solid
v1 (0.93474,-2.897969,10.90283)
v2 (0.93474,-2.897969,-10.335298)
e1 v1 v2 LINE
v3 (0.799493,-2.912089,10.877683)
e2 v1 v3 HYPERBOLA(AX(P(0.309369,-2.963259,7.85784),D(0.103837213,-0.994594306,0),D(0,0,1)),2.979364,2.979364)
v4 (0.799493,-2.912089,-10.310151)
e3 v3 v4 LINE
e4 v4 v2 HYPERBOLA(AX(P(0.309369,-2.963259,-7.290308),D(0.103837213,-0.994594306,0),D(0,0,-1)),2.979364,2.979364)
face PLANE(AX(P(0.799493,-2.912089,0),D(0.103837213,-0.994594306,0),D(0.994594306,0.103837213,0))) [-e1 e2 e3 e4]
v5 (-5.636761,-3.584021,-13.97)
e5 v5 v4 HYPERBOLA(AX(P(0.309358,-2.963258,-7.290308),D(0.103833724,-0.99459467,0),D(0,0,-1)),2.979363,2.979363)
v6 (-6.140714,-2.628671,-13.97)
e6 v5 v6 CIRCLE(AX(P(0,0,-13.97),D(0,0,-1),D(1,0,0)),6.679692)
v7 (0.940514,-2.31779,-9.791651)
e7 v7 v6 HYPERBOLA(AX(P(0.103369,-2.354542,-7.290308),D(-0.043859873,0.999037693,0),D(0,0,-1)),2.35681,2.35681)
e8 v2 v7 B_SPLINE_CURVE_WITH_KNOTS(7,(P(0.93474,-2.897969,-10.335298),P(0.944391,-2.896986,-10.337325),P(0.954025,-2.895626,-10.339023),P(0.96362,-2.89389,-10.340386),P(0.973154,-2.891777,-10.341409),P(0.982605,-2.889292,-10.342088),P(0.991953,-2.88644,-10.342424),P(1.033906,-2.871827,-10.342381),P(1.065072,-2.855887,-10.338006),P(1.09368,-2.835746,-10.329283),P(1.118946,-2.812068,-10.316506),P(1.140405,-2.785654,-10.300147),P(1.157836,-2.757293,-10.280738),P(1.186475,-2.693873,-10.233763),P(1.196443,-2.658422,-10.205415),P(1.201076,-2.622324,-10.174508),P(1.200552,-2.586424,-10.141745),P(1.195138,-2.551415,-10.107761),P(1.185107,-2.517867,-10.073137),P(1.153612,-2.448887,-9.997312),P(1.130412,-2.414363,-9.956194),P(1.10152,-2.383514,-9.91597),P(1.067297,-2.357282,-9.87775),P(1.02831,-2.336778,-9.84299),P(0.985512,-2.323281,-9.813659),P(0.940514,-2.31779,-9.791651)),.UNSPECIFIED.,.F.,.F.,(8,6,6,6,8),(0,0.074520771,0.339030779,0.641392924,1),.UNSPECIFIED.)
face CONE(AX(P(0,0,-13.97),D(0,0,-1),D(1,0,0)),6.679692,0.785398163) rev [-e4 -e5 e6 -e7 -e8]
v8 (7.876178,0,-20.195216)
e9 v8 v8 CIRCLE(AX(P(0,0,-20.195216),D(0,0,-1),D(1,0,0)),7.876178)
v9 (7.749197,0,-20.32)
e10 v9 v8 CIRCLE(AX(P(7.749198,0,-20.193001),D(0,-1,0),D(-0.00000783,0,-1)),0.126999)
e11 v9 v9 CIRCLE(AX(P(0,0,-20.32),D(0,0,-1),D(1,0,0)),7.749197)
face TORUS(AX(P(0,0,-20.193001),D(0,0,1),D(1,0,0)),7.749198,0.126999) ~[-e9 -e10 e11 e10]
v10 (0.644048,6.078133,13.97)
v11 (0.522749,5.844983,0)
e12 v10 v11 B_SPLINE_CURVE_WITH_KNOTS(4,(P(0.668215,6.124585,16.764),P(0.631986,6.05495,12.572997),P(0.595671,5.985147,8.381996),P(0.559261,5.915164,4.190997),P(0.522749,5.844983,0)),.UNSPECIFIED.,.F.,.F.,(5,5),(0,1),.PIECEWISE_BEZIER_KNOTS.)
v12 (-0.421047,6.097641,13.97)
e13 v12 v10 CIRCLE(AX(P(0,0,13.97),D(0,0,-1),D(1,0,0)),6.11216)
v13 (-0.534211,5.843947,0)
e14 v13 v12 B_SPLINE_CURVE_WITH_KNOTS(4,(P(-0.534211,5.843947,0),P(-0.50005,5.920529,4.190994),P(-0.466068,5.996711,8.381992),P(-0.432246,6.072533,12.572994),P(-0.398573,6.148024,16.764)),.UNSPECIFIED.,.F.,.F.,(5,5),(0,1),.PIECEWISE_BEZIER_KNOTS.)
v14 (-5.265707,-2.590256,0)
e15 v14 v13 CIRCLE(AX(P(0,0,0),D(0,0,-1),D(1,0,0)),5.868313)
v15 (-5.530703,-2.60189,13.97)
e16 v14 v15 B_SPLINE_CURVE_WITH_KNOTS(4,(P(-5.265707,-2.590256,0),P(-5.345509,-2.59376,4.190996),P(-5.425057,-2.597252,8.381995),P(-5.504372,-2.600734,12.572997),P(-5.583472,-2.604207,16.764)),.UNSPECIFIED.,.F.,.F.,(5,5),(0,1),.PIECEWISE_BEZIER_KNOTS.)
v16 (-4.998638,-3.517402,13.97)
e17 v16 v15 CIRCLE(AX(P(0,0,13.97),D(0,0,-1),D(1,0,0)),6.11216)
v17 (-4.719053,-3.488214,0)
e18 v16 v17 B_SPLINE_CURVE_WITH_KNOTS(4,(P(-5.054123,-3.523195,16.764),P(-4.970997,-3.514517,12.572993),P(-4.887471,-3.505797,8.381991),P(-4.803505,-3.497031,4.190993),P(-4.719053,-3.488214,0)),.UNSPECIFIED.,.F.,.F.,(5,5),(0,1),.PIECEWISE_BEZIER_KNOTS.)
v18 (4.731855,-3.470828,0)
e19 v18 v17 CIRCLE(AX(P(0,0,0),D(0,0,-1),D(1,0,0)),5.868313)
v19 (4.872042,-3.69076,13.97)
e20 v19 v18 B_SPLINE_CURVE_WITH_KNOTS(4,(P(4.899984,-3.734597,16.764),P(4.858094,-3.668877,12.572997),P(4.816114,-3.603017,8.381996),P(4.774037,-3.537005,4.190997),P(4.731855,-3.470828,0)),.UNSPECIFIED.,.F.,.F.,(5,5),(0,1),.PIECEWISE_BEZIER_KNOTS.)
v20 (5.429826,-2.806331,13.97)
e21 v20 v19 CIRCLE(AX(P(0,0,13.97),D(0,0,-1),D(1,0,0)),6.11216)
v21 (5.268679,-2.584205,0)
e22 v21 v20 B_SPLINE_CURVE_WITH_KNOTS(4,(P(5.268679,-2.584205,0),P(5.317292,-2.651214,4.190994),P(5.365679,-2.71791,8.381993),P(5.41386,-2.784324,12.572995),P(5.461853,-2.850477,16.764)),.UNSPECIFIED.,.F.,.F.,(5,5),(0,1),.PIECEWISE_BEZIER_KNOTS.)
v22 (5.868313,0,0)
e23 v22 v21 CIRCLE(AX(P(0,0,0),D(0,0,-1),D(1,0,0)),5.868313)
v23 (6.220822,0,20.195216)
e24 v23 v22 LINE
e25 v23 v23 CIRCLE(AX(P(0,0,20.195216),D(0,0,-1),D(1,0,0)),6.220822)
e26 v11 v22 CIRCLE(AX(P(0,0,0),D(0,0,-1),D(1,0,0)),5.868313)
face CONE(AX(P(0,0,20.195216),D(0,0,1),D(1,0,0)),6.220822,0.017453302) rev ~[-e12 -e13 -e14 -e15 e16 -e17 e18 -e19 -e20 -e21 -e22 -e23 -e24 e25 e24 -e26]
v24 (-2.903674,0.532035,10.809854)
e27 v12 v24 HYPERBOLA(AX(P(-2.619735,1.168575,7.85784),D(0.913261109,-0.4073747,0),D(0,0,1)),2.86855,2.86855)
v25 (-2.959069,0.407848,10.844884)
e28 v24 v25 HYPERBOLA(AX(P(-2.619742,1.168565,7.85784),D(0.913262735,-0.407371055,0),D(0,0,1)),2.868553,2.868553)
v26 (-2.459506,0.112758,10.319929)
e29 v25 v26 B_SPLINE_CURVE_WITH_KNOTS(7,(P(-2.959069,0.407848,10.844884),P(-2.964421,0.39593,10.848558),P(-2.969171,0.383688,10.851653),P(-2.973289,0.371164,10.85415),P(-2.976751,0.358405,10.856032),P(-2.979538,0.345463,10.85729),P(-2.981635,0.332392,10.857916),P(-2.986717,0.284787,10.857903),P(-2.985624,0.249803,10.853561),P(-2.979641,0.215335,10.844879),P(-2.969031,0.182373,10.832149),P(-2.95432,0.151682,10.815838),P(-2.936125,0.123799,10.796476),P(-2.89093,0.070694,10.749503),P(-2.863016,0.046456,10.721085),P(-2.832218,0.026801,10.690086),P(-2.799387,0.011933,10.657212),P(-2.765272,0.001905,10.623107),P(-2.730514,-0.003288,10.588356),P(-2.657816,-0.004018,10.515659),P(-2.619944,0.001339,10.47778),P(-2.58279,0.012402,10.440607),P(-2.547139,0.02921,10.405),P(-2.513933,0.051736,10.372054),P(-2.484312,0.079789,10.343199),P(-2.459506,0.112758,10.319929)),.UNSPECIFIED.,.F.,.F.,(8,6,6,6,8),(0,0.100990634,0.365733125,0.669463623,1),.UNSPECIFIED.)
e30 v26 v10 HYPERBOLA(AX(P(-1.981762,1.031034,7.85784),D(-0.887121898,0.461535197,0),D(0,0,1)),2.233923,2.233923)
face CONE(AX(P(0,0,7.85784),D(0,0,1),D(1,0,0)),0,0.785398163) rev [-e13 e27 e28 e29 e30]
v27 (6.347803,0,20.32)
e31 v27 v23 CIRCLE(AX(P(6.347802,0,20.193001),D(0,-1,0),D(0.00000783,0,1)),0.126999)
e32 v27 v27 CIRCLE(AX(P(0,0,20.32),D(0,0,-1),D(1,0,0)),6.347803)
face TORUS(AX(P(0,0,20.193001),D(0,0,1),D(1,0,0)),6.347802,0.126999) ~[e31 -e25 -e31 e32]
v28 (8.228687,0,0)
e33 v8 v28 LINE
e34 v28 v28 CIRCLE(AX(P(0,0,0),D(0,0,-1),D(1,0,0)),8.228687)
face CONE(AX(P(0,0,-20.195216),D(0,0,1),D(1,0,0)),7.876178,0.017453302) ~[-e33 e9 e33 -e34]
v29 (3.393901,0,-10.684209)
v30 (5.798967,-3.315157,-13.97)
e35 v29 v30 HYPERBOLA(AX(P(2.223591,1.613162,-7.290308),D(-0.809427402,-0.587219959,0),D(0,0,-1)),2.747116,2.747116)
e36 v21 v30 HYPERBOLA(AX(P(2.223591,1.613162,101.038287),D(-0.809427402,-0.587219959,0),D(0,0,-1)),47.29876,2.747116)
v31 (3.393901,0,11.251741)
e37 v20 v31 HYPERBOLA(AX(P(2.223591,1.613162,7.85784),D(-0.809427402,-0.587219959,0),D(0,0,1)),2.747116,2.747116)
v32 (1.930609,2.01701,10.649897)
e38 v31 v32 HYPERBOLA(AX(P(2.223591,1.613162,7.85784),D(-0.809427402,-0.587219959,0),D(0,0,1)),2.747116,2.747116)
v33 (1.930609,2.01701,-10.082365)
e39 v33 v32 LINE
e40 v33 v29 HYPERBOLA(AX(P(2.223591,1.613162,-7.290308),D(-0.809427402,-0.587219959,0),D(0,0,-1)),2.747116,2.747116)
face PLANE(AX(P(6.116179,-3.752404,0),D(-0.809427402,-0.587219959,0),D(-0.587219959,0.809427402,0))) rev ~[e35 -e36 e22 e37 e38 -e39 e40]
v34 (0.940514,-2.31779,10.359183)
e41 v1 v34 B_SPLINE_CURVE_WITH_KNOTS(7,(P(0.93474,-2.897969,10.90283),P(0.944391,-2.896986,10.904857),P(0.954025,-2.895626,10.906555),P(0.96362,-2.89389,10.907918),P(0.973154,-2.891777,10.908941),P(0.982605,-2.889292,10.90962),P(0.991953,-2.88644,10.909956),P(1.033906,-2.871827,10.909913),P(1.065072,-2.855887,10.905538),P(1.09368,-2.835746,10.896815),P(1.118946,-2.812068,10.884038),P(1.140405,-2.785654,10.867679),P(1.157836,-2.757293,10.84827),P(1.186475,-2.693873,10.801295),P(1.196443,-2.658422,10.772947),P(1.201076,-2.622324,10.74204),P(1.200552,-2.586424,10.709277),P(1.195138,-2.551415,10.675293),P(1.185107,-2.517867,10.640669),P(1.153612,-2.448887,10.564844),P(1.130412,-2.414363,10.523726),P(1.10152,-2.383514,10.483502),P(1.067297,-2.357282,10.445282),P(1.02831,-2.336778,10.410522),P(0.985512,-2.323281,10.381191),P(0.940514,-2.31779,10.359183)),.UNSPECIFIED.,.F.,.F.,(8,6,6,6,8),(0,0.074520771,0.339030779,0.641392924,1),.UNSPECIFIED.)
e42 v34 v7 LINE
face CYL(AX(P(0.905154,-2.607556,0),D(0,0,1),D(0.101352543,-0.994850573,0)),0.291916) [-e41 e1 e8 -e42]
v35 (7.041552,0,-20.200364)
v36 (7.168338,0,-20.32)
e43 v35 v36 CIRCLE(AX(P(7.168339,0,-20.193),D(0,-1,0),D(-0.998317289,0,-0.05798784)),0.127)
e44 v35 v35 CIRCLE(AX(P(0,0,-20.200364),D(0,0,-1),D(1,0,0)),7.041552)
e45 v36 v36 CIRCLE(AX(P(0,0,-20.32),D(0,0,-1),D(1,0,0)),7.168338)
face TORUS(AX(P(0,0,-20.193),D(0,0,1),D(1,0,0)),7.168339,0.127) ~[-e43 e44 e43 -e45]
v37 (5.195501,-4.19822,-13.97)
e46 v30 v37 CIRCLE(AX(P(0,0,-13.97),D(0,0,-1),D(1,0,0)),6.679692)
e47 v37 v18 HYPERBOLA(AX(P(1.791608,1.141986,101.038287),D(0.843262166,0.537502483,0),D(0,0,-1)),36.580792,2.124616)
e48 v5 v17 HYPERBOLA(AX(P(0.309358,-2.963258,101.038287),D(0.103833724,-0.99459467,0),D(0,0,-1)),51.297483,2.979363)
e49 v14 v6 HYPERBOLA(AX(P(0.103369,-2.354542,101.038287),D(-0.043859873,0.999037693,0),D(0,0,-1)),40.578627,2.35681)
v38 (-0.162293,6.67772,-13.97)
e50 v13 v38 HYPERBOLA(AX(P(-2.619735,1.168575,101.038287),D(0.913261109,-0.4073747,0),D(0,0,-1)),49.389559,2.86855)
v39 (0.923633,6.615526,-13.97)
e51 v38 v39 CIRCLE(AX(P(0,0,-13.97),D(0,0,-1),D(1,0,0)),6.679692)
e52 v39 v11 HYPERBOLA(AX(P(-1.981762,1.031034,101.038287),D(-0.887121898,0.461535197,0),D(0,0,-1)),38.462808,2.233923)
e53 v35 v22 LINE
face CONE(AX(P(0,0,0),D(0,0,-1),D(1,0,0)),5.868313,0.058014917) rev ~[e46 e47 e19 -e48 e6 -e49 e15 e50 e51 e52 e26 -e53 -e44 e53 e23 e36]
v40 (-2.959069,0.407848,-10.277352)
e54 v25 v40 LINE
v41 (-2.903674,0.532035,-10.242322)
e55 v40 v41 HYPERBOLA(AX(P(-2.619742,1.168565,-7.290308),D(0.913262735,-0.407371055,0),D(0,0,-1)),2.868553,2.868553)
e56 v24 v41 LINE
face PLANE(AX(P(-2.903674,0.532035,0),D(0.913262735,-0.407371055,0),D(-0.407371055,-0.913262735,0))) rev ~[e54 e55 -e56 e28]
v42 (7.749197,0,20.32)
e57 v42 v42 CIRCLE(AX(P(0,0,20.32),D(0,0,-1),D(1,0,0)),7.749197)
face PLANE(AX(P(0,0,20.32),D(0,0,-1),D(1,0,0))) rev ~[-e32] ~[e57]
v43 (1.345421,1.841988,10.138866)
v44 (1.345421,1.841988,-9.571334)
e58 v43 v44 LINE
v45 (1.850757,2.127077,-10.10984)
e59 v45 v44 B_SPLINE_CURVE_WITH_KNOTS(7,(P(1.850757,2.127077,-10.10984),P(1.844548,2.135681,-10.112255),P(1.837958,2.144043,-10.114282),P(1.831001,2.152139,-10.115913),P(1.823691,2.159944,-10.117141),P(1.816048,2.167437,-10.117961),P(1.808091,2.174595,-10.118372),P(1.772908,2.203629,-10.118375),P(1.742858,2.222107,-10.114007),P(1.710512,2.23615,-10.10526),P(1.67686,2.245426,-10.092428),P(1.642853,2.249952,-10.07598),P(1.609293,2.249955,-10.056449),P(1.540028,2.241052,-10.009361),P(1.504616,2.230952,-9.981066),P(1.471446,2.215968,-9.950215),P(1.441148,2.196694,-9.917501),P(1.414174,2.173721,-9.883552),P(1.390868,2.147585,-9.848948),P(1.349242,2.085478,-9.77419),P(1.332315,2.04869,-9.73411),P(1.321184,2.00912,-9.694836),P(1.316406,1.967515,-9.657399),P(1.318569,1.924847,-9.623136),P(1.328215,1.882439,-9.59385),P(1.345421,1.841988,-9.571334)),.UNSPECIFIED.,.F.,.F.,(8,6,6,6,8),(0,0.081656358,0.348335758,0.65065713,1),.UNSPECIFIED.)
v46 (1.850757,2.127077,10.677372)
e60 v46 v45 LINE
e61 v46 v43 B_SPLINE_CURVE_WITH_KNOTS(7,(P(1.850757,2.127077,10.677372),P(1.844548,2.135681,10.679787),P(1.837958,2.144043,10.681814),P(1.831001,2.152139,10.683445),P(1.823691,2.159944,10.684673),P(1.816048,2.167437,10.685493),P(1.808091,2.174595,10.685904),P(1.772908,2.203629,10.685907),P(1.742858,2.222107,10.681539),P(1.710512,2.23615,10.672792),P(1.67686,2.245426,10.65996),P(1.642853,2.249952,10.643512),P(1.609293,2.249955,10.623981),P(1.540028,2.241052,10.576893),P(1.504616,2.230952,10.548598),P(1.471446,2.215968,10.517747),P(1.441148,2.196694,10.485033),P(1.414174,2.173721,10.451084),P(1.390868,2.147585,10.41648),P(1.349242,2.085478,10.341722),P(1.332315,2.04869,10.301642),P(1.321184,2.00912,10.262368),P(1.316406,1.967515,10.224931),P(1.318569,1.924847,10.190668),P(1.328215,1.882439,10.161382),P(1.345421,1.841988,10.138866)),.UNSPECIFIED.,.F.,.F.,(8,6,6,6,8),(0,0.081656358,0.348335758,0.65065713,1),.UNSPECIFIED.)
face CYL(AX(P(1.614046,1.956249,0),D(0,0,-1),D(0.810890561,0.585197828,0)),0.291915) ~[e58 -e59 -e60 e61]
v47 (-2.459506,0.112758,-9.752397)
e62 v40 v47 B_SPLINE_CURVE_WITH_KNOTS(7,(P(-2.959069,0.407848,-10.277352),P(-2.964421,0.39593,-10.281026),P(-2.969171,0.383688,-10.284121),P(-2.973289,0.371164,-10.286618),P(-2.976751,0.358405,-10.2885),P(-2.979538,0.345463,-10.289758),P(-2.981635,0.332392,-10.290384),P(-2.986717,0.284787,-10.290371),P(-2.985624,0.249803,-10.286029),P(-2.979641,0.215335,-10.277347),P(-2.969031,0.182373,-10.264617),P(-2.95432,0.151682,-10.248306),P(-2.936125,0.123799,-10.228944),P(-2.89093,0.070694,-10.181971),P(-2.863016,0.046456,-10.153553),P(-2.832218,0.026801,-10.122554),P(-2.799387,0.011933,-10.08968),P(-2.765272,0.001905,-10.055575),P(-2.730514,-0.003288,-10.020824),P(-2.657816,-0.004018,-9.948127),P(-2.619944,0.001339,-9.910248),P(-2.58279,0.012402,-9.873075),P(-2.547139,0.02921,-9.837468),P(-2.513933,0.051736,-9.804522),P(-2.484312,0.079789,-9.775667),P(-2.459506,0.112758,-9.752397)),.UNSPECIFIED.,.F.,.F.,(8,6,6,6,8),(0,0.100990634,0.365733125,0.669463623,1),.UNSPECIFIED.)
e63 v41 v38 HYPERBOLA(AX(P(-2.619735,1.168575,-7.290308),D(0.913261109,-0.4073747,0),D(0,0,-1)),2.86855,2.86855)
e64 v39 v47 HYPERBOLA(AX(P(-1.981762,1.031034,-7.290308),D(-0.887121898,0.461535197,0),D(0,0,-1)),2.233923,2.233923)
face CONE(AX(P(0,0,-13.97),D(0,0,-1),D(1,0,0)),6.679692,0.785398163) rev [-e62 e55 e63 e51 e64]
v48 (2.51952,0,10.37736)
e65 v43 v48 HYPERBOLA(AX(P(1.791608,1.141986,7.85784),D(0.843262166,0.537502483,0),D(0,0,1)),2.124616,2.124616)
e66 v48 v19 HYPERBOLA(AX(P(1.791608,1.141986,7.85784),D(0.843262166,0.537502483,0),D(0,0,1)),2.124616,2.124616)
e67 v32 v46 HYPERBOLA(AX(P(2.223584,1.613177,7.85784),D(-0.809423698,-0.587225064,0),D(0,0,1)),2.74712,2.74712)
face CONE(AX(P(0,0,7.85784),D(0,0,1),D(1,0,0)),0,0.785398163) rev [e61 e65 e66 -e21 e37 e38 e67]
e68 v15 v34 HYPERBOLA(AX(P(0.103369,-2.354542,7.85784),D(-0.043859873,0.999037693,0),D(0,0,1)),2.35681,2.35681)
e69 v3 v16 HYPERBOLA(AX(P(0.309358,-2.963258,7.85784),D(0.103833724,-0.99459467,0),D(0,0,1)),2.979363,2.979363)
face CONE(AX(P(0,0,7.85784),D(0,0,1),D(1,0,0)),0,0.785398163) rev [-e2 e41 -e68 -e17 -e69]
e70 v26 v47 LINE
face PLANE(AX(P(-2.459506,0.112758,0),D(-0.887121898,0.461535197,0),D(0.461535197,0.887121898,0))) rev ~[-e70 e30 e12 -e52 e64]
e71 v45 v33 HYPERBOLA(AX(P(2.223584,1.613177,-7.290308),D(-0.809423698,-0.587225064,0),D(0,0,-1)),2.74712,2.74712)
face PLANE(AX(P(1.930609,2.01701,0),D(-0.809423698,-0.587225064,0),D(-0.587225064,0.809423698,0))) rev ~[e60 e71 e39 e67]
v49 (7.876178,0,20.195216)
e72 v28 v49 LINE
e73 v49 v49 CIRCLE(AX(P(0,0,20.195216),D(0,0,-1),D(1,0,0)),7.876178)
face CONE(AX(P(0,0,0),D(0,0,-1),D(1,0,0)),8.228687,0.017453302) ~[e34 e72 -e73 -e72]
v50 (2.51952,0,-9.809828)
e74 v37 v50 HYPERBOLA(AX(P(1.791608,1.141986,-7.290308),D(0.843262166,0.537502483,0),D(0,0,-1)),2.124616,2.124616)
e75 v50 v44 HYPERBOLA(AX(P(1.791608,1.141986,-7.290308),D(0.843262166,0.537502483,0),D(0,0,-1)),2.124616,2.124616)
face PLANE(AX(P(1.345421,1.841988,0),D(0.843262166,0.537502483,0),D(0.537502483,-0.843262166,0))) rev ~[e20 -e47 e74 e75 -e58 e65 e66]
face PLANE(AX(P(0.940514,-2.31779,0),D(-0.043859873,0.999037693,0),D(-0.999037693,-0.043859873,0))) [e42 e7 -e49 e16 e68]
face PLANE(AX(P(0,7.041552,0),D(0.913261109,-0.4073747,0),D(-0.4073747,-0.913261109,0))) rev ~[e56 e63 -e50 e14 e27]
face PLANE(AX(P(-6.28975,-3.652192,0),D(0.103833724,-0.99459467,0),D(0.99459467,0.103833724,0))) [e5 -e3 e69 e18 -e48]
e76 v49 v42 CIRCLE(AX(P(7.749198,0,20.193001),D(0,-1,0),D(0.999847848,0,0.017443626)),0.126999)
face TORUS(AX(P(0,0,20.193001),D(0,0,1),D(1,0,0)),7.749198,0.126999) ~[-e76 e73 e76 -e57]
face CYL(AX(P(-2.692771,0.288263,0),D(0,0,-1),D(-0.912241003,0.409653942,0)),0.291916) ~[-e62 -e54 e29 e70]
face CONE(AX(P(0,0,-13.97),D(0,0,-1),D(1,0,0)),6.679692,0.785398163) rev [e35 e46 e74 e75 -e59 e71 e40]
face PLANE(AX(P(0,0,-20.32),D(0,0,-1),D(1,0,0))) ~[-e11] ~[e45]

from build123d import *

# Parameters (mm, degrees)
F3_DEPTH = 13.97


with BuildPart() as f1:
    # F0 (on Front) → F1 (revolve)
    with BuildSketch(Plane.XZ):
        with BuildLine():
            Line((7.876178, -20.195216), (8.228687, 0))
            Line((8.228687, 0), (7.876178, 20.195216))
            ThreePointArc((7.876178, 20.195216), (7.838213, 20.283583), (7.749197, 20.32))
            Line((7.749197, 20.32), (6.347803, 20.32))
            ThreePointArc((6.347803, 20.32), (6.258787, 20.283583), (6.220822, 20.195216))
            Line((6.220822, 20.195216), (5.868313, 0))
            Line((5.868313, 0), (7.041552, -20.200364))
            ThreePointArc((7.041552, -20.200364), (7.081178, -20.285369), (7.168338, -20.32))
            Line((7.168338, -20.32), (7.749197, -20.32))
            ThreePointArc((7.749197, -20.32), (7.838213, -20.283583), (7.876178, -20.195216))
        make_face()
    revolve(axis=Axis((0, 0, 5.243593), (0, 0, -1)))

    # F2 (on Top) → F3 (join, symmetric)
    with BuildSketch(Plane.XY):
        with BuildLine():
            Line((-2.459506, 0.112758), (1.096672, 6.948127))
            ThreePointArc((1.096672, 6.948127), (0.550133, 7.015935), (0, 7.041552))
            Line((0, 7.041552), (-2.903674, 0.532035))
            Line((-2.903674, 0.532035), (-2.959069, 0.407848))
            ThreePointArc((-2.959069, 0.407848), (-2.841238, 0.036922), (-2.459506, 0.112758))
        make_face()
        with BuildLine():
            ThreePointArc((5.486935, -4.655437), (5.818928, -4.216025), (6.116179, -3.752404))
            Line((6.116179, -3.752404), (1.930609, 2.01701))
            Line((1.930609, 2.01701), (1.850757, 2.127077))
            ThreePointArc((1.850757, 2.127077), (1.470611, 2.210495), (1.345421, 1.841988))
            Line((1.345421, 1.841988), (5.486935, -4.655437))
        make_face()
        with BuildLine():
            Line((0.940514, -2.31779), (-6.757178, -2.655735))
            ThreePointArc((-6.757178, -2.655735), (-6.542632, -3.162955), (-6.28975, -3.652192))
            Line((-6.28975, -3.652192), (0.799493, -2.912089))
            Line((0.799493, -2.912089), (0.93474, -2.897969))
            ThreePointArc((0.93474, -2.897969), (1.197055, -2.610462), (0.940514, -2.31779))
        make_face()
    extrude(amount=F3_DEPTH, both=True)

    # F4 (on Front) → F5 (revolve, cut)
    with BuildSketch(Plane.XZ):
        Polygon((6.11216, 13.97), (0, 13.97), (0, 7.85784), align=None)
        Polygon((0, -7.290308), (0, -13.97), (6.679692, -13.97), align=None)
    revolve(axis=Axis((0, 0, 5.243593), (0, 0, -1)), mode=Mode.SUBTRACT)


solid = f1.part
